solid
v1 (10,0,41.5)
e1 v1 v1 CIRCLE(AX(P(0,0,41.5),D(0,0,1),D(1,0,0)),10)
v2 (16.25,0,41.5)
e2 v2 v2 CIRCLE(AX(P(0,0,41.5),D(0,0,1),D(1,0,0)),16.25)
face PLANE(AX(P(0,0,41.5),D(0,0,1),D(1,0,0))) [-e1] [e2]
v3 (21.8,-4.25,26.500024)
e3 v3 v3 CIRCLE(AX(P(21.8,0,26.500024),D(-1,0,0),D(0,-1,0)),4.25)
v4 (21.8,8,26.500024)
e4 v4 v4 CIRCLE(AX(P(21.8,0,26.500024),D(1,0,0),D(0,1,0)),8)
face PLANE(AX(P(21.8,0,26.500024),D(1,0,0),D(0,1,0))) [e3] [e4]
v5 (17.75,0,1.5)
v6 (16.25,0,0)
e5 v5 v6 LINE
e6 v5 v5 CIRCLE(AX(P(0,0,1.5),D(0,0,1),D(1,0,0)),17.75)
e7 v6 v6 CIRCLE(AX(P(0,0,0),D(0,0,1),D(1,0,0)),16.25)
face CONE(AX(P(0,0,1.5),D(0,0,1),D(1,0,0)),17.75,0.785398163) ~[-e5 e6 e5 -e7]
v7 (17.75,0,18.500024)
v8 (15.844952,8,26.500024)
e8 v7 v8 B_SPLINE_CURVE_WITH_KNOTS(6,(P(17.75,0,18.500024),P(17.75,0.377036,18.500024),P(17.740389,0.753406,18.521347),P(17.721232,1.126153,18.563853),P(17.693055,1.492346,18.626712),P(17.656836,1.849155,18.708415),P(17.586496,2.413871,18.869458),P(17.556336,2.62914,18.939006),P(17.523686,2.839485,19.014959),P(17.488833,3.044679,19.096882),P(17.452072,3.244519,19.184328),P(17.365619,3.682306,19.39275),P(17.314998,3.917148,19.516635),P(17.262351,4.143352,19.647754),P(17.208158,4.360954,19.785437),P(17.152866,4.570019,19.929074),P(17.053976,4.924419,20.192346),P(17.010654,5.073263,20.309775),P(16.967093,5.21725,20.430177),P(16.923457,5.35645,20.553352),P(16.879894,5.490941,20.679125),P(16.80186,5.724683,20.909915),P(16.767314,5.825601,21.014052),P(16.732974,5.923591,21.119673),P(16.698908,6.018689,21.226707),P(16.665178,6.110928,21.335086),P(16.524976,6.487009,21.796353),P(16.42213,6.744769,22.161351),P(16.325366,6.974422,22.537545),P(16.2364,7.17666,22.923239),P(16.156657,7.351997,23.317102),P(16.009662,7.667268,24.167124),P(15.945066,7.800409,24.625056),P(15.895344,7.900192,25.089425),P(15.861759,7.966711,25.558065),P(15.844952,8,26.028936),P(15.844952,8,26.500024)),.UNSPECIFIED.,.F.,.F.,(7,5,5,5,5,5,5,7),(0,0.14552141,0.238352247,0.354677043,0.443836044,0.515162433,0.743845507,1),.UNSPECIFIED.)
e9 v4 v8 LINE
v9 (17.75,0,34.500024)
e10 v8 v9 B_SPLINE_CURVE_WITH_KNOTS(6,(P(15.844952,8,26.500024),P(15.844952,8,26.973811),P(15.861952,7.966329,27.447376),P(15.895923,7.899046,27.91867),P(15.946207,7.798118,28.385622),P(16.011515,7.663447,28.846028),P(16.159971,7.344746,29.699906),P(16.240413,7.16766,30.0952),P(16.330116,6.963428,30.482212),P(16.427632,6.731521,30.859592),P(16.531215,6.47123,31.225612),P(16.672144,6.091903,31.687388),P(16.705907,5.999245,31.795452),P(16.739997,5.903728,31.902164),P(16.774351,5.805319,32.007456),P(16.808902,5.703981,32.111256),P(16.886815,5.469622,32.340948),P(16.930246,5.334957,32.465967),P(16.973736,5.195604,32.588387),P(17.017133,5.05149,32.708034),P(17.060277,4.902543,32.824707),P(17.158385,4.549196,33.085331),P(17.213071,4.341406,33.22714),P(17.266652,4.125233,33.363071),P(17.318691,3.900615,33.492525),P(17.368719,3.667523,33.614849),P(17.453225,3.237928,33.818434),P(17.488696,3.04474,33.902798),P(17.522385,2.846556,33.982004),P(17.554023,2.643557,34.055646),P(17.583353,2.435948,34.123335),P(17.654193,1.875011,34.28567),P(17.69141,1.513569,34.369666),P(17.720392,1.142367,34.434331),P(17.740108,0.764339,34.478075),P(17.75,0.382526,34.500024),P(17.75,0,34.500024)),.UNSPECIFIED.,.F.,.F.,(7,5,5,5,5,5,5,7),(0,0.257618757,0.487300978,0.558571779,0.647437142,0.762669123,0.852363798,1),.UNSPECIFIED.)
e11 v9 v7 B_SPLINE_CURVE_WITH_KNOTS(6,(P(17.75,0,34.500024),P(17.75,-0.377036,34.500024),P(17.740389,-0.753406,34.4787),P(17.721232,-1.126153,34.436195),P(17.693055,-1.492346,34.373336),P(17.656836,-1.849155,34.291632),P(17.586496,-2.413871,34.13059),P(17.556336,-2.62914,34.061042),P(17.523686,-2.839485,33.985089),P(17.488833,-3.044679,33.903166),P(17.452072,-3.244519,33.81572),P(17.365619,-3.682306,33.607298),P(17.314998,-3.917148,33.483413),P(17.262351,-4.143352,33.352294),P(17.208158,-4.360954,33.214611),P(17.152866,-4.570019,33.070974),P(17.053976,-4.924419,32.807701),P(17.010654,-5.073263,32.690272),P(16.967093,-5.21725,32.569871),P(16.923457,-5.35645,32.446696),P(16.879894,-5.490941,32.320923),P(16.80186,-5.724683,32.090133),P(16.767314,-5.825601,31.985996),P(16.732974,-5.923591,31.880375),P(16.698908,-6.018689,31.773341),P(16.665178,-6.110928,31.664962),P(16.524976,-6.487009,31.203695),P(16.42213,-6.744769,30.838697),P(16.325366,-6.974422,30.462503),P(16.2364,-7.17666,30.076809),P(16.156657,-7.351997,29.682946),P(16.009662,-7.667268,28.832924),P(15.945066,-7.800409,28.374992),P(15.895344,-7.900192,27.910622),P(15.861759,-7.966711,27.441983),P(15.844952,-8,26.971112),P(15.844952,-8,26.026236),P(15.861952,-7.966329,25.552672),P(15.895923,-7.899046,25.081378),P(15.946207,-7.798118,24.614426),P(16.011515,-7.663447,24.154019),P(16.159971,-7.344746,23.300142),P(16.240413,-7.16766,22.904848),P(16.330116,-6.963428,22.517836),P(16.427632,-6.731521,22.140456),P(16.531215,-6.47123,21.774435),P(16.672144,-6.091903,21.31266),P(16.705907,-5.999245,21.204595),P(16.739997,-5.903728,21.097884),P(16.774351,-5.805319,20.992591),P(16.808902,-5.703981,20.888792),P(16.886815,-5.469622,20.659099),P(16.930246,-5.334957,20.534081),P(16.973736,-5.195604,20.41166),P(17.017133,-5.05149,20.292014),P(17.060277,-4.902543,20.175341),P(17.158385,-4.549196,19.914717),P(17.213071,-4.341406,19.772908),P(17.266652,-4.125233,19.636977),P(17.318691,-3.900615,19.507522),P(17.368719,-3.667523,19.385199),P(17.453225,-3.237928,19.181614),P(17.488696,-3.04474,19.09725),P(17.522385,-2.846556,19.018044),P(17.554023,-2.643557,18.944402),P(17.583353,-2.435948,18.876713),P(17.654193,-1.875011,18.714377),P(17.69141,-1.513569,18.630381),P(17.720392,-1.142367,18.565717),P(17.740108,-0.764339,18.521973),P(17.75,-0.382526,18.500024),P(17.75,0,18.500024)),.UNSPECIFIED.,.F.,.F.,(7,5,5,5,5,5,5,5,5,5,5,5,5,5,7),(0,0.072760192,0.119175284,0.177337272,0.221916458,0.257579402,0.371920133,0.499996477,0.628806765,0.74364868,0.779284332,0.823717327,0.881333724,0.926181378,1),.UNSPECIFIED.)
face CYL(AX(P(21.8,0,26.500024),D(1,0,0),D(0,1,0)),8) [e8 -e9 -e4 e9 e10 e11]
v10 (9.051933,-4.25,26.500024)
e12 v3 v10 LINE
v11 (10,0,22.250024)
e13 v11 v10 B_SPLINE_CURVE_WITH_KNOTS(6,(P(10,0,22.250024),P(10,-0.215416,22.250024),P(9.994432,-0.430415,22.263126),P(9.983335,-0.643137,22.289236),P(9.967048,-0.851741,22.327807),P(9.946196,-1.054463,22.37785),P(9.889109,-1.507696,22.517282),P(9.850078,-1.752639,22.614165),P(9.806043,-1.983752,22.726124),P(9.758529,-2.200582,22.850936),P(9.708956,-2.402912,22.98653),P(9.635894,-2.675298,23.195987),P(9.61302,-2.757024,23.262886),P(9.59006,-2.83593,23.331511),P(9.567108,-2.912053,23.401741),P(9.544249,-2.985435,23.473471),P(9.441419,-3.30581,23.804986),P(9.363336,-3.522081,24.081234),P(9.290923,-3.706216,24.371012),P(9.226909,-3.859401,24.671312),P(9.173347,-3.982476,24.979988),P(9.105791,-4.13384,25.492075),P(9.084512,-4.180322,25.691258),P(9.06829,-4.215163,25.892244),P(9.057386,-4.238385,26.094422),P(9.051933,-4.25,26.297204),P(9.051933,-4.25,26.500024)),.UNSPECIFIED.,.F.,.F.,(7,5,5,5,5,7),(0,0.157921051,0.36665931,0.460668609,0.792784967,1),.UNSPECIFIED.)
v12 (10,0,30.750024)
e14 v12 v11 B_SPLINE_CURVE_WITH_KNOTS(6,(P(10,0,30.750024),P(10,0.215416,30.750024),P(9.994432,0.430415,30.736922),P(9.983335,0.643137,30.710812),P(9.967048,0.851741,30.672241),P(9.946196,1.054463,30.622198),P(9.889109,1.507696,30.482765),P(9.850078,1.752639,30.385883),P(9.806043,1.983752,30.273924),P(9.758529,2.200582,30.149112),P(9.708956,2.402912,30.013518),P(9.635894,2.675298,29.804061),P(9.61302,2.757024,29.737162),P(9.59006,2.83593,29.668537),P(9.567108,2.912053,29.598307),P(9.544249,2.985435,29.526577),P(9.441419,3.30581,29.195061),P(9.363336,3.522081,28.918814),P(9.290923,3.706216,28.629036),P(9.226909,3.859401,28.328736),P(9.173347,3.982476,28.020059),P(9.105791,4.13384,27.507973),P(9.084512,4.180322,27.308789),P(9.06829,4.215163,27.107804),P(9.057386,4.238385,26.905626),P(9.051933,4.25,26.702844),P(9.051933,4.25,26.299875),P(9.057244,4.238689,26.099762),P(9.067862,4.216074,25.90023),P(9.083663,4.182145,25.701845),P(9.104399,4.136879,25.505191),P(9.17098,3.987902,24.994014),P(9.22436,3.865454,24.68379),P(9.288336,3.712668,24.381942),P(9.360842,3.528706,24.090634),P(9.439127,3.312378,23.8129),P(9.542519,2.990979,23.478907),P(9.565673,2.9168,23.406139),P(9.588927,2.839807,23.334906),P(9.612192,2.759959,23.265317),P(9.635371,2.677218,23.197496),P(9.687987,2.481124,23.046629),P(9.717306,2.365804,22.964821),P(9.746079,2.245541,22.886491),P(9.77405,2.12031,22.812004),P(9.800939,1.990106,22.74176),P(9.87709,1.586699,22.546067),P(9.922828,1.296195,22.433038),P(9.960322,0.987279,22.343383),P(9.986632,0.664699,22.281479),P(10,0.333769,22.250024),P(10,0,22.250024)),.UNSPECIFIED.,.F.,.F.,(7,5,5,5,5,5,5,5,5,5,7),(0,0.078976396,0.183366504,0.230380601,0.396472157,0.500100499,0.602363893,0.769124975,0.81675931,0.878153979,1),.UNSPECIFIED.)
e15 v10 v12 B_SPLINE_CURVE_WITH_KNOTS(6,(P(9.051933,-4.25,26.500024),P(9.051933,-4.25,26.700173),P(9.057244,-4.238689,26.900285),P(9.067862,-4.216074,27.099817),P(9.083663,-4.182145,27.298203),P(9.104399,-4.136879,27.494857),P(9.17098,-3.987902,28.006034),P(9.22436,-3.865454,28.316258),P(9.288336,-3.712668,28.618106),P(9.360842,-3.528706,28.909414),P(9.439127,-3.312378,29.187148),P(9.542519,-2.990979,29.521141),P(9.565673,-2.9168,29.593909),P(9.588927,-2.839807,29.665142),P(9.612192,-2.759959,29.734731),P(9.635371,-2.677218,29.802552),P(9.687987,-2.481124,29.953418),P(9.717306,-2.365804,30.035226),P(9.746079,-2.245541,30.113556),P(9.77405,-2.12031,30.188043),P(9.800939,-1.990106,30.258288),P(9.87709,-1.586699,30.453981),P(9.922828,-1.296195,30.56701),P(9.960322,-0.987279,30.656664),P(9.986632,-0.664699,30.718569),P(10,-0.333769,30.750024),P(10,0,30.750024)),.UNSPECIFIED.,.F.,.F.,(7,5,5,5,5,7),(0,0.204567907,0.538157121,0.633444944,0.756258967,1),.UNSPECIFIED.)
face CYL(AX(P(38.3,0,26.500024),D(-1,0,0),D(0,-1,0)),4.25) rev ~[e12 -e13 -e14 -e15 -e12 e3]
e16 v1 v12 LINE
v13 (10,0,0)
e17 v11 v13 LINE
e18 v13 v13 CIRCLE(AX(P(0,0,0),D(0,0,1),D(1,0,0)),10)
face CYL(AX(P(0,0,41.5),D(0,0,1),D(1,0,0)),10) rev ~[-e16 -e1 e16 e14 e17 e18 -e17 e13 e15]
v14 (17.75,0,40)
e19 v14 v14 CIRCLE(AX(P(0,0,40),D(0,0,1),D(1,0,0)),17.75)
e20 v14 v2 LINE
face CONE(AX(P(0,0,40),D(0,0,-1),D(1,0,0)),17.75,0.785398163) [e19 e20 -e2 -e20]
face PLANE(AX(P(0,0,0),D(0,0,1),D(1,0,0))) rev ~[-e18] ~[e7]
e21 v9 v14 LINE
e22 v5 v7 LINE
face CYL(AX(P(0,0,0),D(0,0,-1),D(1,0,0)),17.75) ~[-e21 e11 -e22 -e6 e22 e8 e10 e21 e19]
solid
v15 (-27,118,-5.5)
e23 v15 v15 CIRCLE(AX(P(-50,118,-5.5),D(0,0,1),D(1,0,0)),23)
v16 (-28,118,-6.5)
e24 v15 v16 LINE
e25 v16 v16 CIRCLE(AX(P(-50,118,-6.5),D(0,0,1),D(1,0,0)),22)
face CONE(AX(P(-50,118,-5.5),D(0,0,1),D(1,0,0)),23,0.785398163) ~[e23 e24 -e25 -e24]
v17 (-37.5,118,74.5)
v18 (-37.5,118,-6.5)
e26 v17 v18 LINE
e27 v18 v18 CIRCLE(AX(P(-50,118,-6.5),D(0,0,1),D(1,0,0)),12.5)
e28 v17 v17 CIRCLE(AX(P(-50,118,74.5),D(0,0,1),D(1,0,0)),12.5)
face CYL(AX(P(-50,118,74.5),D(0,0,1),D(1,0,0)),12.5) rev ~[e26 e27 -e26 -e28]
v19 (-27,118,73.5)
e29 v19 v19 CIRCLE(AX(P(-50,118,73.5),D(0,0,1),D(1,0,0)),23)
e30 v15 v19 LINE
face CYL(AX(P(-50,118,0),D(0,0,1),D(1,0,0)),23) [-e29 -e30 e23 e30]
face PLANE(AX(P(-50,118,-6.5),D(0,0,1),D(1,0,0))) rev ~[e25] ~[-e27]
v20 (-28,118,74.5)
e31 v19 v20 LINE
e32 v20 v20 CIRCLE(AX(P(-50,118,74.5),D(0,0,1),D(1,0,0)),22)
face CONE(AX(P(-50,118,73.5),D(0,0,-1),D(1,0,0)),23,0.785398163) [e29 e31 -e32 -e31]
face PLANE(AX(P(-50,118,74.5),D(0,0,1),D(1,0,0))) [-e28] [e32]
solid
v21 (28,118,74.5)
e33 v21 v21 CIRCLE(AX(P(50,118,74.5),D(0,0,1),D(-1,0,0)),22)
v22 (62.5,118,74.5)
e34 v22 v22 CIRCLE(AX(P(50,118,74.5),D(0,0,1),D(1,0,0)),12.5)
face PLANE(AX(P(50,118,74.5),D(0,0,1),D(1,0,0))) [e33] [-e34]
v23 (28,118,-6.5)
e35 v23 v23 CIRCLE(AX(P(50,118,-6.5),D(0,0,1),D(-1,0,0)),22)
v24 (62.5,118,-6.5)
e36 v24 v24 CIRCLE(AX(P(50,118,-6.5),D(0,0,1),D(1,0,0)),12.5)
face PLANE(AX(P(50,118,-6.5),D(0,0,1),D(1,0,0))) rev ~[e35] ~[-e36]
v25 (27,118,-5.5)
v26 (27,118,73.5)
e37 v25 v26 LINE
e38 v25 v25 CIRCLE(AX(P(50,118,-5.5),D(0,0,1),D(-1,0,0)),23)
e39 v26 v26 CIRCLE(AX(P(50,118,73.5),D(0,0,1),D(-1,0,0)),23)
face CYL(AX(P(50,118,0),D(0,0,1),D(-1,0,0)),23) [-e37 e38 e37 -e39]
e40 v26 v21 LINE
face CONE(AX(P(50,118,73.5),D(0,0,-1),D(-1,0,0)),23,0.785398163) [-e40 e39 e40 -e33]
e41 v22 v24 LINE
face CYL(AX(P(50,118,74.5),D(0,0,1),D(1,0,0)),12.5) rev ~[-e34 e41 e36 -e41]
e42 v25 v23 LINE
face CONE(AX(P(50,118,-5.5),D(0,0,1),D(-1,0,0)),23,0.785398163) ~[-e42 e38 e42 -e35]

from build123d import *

# Parameters (mm, degrees)
F0_R           = 17.75
F1_DEPTH       = 41.5
F2_R           = 10
F3_DEPTH       = 42
F4_SIZE        = 1.5
F9_R           = 8
F10_DEPTH      = 7.2
F12_D          = 8.5
F12_DEPTH      = 16.5
F12_TIP        = 2.5536576309
F13_R          = 23
F14_DEPTH      = 74.5
F14_DEPTH_BACK = 6.5
F15_SIZE       = 1
F15_2_SIZE     = 1
F16_R          = 12.5
F17_R          = 12.5
F18_DEPTH      = 81
F19_DEPTH      = 81


with BuildPart() as f1:
    # F0 (on Top) → F1 (new body)
    with BuildSketch(Plane.XY):
        Circle(F0_R)
    extrude(amount=F1_DEPTH)

    # F2 (on face) → F3 (cut)
    with BuildSketch(Plane.XY.offset(41.5)):
        Circle(F2_R)
    extrude(amount=-F3_DEPTH, mode=Mode.SUBTRACT)

    # F4
    f4_edges = [f1.edges().sort_by_distance(p)[0] for p in [
        (-17.75, 0, 41.5),
        (-17.75, 0, 0),
    ]]
    chamfer(f4_edges, length=F4_SIZE)

    # F9 (on offset) → F10 (join)
    with BuildSketch(Plane.YZ.offset(21.8)):
        with Locations((0, 26.5000239015)):
            Circle(F9_R)
    extrude(amount=-F10_DEPTH)

    # F12
    with Locations(Plane.YZ.offset(21.8)):
        with Locations((0, 26.5000239015)):
            Hole(F12_D / 2, depth=F12_DEPTH)
            with Locations((0, 0, -(F12_DEPTH + F12_TIP / 2))):  # 118° drill point
                Cone(0, F12_D / 2, F12_TIP, mode=Mode.SUBTRACT)

    # F17 (on face) → F19 (cut)
    with BuildSketch(Plane.XY.offset(74.5)):
        with Locations((50, 118)):
            Circle(F17_R)
    extrude(amount=-F19_DEPTH, mode=Mode.SUBTRACT)


with BuildPart() as f14:
    # F13 (on Top) → F14 (new body, two sides)
    with BuildSketch(Plane.XY) as f14_sk:
        with Locations((-50, 118)):
            Circle(F13_R)
    extrude(amount=F14_DEPTH)
    extrude(f14_sk.sketch, amount=-F14_DEPTH_BACK)

    # F15
    f15_edges = [f14.edges().sort_by_distance(p)[0] for p in [
        (-73, 118, 74.5),
        (-73, 118, -6.5),
    ]]
    chamfer(f15_edges, length=F15_SIZE)


with BuildPart() as f14b:
    # F13 (on Top) → F14, piece 2 (new body, two sides)
    with BuildSketch(Plane.XY) as f14_2_sk:
        with BuildLine():
            ThreePointArc((73, 118), (50, 141), (27, 118))
            ThreePointArc((27, 118), (50, 95), (73, 118))
        make_face()
    extrude(amount=F14_DEPTH)
    extrude(f14_2_sk.sketch, amount=-F14_DEPTH_BACK)

    # F15#2
    f15_2_edges = [f14b.edges().sort_by_distance(p)[0] for p in [
        (73, 118, 74.5),
        (73, 118, -6.5),
    ]]
    chamfer(f15_2_edges, length=F15_2_SIZE)


with BuildPart() as f18_tool:
    # F16 (on face) + F17 (on face) → F18 (new body)
    with BuildSketch(Plane.XY.offset(74.5)):
        with Locations((-50, 118)):
            Circle(F16_R)
    with BuildSketch(Plane.XY.offset(74.5)):
        with Locations((50, 118)):
            Circle(F17_R)
    extrude(amount=-F18_DEPTH)


with BuildPart() as f14_1:
    add(f14.part)

    # F18: cut by f18_tool
    add(f18_tool.part, mode=Mode.SUBTRACT)


with BuildPart() as f14b_1:
    add(f14b.part)

    # F18: cut by f18_tool
    add(f18_tool.part, mode=Mode.SUBTRACT)


solid = Compound([f1.part, f14_1.part, f14b_1.part])
